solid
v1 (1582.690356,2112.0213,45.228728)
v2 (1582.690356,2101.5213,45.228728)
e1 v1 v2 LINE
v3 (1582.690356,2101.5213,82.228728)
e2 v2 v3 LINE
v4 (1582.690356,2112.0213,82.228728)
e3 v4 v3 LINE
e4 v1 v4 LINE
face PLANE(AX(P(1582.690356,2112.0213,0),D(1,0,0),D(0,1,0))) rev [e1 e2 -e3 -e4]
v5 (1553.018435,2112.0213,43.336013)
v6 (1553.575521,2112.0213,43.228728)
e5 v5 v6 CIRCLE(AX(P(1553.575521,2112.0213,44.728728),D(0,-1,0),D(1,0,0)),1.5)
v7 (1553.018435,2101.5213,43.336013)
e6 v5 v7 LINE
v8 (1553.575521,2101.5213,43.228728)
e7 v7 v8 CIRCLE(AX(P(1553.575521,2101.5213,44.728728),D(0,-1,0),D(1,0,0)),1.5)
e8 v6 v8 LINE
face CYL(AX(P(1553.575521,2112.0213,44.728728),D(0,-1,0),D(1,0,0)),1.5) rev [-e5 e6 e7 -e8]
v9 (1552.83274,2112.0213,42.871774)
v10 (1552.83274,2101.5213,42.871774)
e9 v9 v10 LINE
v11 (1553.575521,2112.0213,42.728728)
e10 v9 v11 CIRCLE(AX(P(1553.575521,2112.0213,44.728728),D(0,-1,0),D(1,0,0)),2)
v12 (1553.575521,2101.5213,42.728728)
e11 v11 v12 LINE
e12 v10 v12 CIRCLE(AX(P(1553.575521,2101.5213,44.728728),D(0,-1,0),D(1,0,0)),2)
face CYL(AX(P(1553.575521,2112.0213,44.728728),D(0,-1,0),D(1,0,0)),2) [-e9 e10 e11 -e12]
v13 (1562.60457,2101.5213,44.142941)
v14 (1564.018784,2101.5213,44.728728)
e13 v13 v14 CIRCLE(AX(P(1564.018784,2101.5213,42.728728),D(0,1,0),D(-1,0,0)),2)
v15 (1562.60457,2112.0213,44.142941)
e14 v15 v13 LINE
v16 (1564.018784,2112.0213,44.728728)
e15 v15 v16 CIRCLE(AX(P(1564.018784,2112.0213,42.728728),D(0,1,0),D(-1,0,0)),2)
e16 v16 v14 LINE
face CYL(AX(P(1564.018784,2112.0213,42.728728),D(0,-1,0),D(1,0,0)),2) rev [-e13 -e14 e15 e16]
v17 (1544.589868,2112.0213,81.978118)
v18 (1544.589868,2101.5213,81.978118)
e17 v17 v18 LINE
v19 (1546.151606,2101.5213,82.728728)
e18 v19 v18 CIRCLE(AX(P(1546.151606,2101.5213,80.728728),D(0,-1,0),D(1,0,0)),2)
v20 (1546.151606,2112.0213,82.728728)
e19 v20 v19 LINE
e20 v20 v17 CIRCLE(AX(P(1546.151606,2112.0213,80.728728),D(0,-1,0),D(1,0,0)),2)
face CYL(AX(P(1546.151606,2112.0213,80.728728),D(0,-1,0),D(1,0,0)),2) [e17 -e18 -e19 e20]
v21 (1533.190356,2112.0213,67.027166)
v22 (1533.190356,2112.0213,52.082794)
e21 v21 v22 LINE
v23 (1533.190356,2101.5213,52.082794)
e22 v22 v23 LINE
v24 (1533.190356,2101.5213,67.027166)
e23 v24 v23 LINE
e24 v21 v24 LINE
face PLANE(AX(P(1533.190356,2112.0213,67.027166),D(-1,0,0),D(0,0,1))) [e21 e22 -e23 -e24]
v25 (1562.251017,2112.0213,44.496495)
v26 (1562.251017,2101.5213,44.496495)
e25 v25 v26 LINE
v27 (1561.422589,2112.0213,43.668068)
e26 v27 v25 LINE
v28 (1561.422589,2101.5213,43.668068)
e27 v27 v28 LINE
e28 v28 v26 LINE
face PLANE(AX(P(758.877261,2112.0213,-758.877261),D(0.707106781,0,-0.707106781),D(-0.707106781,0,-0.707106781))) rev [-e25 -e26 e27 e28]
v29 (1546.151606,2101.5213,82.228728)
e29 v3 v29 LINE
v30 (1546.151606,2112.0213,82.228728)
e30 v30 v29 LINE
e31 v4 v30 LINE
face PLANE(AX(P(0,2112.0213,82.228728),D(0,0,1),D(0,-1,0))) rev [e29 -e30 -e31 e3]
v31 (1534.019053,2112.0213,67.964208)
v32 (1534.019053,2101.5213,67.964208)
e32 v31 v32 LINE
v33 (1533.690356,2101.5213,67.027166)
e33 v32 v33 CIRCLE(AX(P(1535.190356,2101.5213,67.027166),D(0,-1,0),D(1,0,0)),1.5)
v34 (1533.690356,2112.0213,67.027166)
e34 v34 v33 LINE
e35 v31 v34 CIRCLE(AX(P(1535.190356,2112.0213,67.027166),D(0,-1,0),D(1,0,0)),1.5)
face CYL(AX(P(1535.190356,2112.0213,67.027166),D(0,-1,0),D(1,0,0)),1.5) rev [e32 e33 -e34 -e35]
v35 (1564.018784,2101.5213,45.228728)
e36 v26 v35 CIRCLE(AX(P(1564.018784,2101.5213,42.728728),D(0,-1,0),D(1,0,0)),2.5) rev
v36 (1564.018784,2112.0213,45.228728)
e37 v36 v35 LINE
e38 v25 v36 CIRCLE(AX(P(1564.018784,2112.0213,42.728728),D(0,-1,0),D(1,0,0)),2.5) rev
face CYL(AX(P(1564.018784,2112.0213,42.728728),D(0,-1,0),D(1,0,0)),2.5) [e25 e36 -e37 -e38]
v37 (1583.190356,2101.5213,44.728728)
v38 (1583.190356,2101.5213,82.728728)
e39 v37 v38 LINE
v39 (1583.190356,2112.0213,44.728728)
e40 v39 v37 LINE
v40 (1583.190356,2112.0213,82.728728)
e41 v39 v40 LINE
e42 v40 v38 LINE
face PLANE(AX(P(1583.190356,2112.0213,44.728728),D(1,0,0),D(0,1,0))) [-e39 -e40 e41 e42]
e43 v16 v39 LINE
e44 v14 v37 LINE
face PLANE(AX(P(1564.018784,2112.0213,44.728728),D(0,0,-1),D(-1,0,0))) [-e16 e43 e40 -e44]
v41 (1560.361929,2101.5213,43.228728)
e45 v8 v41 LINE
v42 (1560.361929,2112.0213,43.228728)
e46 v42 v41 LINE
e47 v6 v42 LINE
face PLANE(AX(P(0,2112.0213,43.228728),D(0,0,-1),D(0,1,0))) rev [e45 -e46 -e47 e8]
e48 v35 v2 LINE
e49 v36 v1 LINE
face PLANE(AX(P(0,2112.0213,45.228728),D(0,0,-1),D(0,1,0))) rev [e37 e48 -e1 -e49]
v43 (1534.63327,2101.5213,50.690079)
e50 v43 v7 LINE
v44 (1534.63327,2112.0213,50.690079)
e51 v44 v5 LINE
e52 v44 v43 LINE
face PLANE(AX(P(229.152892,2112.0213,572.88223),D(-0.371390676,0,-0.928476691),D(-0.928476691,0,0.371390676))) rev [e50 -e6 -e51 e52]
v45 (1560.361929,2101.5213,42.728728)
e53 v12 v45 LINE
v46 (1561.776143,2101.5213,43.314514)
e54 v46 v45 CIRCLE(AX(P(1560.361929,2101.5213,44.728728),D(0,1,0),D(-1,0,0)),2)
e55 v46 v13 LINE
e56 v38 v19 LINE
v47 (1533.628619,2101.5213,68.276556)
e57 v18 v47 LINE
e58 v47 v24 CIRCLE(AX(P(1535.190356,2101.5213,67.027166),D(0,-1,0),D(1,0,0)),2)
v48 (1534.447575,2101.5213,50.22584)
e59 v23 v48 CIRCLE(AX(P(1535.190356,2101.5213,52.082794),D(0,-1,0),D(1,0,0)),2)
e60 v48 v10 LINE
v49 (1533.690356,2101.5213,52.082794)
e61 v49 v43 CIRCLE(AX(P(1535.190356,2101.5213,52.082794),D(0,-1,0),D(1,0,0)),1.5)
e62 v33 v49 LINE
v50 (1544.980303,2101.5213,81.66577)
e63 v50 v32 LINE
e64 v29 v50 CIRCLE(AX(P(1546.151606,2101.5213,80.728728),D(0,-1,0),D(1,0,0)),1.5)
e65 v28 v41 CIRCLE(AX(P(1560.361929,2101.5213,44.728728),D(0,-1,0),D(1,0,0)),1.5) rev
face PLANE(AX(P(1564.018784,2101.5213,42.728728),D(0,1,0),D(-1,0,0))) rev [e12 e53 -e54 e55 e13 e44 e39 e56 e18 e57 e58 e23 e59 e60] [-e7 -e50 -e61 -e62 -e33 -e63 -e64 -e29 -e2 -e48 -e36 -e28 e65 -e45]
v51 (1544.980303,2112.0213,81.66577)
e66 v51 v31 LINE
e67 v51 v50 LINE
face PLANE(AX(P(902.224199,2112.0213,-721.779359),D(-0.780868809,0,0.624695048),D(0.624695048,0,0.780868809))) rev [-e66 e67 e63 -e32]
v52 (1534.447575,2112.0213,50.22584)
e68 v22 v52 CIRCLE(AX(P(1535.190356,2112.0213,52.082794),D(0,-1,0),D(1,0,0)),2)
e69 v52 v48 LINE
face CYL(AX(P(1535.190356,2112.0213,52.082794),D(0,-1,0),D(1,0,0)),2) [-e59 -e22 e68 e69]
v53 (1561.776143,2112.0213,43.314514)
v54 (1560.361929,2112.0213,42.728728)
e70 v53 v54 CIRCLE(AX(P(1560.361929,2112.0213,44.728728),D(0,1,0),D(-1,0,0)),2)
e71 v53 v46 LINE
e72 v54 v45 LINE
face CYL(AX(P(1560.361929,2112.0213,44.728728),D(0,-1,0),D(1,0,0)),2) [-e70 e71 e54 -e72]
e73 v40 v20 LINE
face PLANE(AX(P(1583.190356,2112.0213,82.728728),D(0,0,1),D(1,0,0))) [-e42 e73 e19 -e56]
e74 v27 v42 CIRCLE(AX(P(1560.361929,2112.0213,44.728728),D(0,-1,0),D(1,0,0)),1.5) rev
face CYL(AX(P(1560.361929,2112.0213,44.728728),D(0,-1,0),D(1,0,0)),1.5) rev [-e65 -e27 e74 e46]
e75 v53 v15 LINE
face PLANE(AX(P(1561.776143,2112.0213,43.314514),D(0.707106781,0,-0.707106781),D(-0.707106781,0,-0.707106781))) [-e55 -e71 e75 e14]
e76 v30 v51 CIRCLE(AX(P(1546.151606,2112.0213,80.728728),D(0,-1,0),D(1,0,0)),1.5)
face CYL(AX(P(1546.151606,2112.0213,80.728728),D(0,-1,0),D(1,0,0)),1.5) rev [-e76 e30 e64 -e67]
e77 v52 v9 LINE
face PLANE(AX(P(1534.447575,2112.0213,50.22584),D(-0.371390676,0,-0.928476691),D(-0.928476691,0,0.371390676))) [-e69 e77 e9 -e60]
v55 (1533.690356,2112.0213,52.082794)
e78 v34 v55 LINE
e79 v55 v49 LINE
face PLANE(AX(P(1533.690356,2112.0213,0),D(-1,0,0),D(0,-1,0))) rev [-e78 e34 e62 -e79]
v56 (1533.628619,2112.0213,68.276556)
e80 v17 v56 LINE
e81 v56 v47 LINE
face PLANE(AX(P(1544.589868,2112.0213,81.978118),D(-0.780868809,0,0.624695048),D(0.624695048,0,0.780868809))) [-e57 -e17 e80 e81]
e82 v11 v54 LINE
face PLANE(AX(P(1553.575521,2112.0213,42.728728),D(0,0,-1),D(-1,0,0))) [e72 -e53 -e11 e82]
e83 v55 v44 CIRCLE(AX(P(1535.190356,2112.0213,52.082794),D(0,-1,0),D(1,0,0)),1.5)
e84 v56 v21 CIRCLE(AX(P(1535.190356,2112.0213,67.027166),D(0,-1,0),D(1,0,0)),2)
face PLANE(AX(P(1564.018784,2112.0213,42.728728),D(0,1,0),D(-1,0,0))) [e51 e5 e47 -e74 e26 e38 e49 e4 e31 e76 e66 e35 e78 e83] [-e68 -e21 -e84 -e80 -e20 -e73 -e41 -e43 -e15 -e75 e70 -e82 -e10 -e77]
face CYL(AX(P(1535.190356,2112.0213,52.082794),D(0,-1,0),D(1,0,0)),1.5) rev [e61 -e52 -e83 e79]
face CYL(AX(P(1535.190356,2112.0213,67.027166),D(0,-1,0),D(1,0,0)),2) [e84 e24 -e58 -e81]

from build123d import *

# Parameters (mm, degrees)
RESSALTO_EXTRUS_O3_DEPTH = 10.5


with BuildPart() as part:
    # Esboço2 → Ressalto-extrusão3 (new body)
    with BuildSketch(Plane.XZ.offset(-2101.521299532)):
        with BuildLine():
            Line((1583.190356412, 82.728727741), (1546.151606107, 82.728727741))
            ThreePointArc((1546.151606107, 82.728727741), (1545.285228646, 82.531334214), (1544.589868488, 81.978117836))
            Line((1544.589868488, 81.978117836), (1533.628618793, 68.276555718))
            ThreePointArc((1533.628618793, 68.276555718), (1533.303099773, 67.689179505), (1533.190356412, 67.027165622))
            Line((1533.190356412, 67.027165622), (1533.190356412, 52.082793664))
            ThreePointArc((1533.190356412, 52.082793664), (1533.534221951, 50.961536045), (1534.447575059, 50.225840282))
            Line((1534.447575059, 50.225840282), (1552.832739866, 42.871774359))
            ThreePointArc((1552.832739866, 42.871774359), (1553.197306177, 42.764814968), (1553.575521219, 42.728727741))
            Line((1553.575521219, 42.728727741), (1560.361929287, 42.728727741))
            ThreePointArc((1560.361929287, 42.728727741), (1561.127296152, 42.880968676), (1561.776142849, 43.314514179))
            Line((1561.776142849, 43.314514179), (1562.604569974, 44.142941304))
            ThreePointArc((1562.604569974, 44.142941304), (1563.253416672, 44.576486806), (1564.018783537, 44.728727741))
            Line((1564.018783537, 44.728727741), (1583.190356412, 44.728727741))
            Line((1583.190356412, 44.728727741), (1583.190356412, 82.728727741))
        make_face()
        with BuildLine():
            Line((1564.018783537, 45.228727741), (1582.690356412, 45.228727741))
            Line((1582.690356412, 45.228727741), (1582.690356412, 82.228727741))
            Line((1582.690356412, 82.228727741), (1546.151606107, 82.228727741))
            ThreePointArc((1546.151606107, 82.228727741), (1545.501823011, 82.080682596), (1544.980302893, 81.665770313))
            Line((1544.980302893, 81.665770313), (1534.019053198, 67.964208194))
            ThreePointArc((1534.019053198, 67.964208194), (1533.774913933, 67.523676035), (1533.690356412, 67.027165622))
            Line((1533.690356412, 67.027165622), (1533.690356412, 52.082793664))
            ThreePointArc((1533.690356412, 52.082793664), (1533.948255566, 51.24185045), (1534.633270397, 50.690078628))
            Line((1534.633270397, 50.690078628), (1553.018435204, 43.336012705))
            ThreePointArc((1553.018435204, 43.336012705), (1553.291859937, 43.255793161), (1553.575521219, 43.228727741))
            Line((1553.575521219, 43.228727741), (1560.361929287, 43.228727741))
            ThreePointArc((1560.361929287, 43.228727741), (1560.935954436, 43.342908442), (1561.422589459, 43.668067569))
            Line((1561.422589459, 43.668067569), (1562.251016584, 44.496494694))
            ThreePointArc((1562.251016584, 44.496494694), (1563.062074956, 45.038426572), (1564.018783537, 45.228727741))
        make_face(mode=Mode.SUBTRACT)
    extrude(amount=-RESSALTO_EXTRUS_O3_DEPTH)


solid = part.part
